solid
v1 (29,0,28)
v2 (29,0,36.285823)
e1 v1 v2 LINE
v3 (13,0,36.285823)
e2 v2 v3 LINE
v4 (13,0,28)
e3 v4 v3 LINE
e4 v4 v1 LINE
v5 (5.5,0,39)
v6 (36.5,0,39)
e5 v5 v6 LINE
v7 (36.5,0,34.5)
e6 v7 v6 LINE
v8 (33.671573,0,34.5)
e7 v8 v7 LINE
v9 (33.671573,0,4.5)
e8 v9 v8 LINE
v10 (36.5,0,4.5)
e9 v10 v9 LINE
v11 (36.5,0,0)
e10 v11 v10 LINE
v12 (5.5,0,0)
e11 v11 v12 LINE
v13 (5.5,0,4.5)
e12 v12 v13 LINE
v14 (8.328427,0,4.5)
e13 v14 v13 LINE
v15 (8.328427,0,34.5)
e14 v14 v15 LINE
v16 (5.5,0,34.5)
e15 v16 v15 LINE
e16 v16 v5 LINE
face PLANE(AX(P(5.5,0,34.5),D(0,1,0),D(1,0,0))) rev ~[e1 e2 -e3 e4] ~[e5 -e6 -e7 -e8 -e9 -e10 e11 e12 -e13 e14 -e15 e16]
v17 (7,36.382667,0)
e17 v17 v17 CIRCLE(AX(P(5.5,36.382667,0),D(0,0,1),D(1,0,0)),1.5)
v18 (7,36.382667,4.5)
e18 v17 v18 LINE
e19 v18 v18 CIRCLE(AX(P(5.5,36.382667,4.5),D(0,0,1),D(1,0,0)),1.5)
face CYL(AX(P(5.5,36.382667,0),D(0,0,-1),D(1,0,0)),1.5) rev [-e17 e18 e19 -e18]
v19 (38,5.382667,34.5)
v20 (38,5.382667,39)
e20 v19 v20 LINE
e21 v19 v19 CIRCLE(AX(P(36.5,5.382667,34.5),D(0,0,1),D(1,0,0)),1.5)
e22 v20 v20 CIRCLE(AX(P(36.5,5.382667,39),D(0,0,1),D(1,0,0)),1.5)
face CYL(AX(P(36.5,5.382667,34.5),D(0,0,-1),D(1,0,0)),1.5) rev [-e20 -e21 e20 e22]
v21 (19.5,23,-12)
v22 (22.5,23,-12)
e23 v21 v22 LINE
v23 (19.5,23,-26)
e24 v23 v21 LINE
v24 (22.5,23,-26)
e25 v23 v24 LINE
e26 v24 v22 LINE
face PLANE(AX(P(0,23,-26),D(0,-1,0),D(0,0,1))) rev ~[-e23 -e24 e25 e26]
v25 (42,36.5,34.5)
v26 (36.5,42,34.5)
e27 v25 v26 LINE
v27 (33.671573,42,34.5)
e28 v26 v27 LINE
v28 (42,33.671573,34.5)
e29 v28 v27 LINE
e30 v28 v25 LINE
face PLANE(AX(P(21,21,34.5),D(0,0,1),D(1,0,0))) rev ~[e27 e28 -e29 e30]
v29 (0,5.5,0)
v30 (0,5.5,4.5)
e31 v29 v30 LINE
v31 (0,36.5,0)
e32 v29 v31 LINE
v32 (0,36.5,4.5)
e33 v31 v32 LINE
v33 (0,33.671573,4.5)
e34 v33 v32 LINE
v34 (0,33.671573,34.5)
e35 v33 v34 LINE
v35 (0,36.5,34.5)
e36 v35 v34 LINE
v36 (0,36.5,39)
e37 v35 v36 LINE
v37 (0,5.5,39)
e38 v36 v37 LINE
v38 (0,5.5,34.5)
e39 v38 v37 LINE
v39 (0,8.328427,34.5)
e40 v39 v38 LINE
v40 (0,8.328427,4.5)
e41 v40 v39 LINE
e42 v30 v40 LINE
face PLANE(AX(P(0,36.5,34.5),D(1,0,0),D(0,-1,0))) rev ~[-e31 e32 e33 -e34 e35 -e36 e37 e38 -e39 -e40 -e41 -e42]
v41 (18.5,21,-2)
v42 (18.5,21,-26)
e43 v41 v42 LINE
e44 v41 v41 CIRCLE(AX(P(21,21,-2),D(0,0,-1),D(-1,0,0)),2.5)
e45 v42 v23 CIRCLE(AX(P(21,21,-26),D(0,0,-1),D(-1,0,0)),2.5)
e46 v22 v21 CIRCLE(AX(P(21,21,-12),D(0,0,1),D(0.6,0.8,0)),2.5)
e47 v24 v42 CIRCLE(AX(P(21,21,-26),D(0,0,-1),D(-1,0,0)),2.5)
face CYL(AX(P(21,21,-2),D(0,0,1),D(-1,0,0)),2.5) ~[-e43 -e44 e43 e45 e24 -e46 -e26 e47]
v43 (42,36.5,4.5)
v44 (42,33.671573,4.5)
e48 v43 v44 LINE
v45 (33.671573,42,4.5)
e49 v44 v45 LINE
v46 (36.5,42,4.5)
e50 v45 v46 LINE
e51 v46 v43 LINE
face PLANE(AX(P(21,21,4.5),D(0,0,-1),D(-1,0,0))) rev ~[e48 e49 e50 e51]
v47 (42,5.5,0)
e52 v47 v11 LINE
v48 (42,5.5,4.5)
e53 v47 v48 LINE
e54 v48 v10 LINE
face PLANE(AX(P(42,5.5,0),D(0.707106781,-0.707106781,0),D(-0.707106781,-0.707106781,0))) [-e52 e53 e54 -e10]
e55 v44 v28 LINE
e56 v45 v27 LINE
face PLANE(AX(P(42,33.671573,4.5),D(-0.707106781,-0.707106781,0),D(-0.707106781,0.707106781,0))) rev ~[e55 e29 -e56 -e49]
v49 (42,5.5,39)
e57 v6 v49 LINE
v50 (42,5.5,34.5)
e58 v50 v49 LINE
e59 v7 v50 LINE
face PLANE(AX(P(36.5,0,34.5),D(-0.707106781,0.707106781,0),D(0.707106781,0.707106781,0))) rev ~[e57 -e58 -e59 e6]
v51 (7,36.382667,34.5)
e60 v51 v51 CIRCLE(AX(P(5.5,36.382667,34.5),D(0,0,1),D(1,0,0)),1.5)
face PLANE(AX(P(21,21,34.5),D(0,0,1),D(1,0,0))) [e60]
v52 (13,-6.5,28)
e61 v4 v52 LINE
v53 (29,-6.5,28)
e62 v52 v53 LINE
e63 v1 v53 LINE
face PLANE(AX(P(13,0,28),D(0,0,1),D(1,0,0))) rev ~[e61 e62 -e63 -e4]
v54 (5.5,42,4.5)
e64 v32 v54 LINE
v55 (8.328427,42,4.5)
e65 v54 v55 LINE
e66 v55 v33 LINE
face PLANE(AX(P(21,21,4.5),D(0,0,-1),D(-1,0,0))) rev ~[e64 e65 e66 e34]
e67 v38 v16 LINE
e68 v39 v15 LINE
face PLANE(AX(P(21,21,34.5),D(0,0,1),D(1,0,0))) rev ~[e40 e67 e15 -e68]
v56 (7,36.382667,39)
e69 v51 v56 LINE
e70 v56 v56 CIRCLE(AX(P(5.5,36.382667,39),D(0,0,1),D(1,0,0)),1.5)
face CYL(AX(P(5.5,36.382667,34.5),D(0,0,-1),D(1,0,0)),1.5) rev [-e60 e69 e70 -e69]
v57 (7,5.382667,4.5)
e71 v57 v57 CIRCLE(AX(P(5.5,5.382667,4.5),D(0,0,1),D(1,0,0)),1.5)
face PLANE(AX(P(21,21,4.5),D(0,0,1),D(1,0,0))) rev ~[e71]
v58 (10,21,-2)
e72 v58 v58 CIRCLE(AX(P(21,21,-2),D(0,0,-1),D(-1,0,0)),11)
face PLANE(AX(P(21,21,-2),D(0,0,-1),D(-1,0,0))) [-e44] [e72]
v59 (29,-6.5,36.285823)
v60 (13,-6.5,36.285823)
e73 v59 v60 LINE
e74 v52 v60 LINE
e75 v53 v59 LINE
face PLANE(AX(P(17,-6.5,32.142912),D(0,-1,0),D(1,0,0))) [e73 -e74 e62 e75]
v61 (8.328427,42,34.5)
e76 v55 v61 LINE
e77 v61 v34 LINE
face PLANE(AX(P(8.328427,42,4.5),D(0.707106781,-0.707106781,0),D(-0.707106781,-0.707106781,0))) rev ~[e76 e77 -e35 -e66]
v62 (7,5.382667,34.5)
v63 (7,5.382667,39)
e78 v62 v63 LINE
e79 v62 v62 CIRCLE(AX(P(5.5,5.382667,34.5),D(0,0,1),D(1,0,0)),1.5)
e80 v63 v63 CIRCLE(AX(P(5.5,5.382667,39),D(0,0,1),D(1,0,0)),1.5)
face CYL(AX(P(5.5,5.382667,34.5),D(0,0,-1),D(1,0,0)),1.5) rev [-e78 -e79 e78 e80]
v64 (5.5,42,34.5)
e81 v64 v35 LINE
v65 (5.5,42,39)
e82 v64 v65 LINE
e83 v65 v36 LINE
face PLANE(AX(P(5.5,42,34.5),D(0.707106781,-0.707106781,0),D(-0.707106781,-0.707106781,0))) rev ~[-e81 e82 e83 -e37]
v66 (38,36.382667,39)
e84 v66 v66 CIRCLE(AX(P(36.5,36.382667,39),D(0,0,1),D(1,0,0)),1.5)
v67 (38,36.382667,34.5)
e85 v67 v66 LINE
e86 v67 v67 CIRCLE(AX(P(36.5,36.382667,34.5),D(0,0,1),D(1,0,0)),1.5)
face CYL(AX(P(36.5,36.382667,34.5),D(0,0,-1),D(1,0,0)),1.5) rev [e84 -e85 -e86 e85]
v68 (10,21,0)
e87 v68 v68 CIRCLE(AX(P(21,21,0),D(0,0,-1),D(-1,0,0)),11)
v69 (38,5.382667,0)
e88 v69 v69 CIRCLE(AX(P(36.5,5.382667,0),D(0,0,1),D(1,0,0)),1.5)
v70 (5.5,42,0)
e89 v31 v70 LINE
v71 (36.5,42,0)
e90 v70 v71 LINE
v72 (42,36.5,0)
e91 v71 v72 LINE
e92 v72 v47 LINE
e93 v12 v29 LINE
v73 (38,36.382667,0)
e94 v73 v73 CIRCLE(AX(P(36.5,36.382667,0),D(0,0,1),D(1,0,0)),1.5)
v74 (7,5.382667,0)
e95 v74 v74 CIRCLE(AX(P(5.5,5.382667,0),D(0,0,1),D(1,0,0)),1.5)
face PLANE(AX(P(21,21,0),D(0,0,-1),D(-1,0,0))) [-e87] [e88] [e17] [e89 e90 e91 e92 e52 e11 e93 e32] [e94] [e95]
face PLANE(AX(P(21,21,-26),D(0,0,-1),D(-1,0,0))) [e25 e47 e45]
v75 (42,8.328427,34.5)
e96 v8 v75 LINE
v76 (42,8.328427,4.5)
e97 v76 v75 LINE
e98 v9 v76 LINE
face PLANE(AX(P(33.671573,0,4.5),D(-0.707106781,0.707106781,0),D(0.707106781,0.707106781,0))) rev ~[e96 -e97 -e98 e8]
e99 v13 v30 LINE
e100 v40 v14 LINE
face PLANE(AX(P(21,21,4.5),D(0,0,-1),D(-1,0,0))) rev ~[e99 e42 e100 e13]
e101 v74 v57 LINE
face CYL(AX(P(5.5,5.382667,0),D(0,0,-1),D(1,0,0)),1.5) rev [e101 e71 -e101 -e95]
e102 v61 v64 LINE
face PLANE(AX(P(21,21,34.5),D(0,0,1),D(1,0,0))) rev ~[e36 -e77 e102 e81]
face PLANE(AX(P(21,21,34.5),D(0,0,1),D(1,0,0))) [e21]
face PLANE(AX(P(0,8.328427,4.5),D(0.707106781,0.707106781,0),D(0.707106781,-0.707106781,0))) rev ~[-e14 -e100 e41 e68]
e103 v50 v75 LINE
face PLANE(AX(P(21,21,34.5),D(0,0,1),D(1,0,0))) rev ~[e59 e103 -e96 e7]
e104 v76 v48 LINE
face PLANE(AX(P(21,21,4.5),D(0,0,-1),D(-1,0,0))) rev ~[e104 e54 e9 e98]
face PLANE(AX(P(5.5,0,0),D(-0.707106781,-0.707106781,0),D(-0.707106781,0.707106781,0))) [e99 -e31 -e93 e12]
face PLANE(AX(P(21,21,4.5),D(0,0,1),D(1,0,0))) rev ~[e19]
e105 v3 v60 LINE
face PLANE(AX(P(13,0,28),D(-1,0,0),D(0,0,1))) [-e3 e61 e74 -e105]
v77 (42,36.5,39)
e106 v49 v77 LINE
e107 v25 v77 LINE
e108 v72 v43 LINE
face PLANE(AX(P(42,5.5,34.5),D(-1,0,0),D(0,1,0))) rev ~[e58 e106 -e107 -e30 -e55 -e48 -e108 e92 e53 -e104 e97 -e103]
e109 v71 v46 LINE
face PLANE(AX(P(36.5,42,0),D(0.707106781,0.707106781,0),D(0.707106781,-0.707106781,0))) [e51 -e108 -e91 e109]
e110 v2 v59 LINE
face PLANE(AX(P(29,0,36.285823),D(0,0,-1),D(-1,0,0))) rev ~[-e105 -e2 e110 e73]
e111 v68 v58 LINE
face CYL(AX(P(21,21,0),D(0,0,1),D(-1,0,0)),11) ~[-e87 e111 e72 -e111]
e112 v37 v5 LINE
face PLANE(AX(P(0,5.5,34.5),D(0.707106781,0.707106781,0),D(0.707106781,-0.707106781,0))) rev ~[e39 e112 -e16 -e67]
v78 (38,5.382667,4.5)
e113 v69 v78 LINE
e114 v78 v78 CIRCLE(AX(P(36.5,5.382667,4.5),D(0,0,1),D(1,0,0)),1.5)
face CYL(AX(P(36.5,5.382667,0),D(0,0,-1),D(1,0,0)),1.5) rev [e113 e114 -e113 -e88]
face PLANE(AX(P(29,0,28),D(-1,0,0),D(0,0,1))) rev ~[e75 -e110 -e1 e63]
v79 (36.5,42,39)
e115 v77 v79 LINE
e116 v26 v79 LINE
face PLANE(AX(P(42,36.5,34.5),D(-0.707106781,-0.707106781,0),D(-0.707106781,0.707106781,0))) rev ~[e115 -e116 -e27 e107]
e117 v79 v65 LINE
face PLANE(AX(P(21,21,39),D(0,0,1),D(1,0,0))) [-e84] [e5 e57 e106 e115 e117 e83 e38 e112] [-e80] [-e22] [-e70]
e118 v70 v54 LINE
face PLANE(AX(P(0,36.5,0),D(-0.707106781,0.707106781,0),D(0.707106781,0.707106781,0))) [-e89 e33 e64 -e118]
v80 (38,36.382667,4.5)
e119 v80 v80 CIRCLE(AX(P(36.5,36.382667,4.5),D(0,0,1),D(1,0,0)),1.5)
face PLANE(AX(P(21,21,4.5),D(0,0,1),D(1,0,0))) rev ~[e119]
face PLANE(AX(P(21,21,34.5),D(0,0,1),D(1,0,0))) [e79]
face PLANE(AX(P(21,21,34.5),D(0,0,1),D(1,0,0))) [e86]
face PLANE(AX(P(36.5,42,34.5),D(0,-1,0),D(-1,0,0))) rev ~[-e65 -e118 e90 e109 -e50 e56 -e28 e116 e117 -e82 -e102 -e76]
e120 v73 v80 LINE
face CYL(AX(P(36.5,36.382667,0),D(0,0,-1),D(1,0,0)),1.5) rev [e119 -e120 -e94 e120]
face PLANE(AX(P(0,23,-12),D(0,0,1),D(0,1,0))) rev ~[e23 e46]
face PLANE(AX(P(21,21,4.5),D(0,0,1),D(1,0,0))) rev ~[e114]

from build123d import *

# Parameters (mm, degrees)
SKETCH1_R           = 1.5
BOSS_EXTRUDE1_DEPTH = 4.5
BOSS_EXTRUDE2_DEPTH = 30
SKETCH3_R           = 1.5
BOSS_EXTRUDE3_DEPTH = 4.5
SKETCH5_R           = 11
BOSS_EXTRUDE4_DEPTH = 2
SKETCH6_R           = 2.5
BOSS_EXTRUDE5_DEPTH = 24
SKETCH7_W           = 14
SKETCH7_H           = 0.5
CUT_EXTRUDE2_DEPTH  = 72.056315694
SKETCH8_W           = 8
SKETCH8_H           = 8.285823085
BOSS_EXTRUDE6_DEPTH = 6.5


with BuildPart() as part:
    # Sketch1 → Boss-Extrude1 (new body)
    with BuildSketch(Plane.XY):
        Polygon((0, 36.5), (5.5, 42), (36.5, 42), (42, 36.5), (42, 5.5), (36.5, 0), (5.5, 0), (0, 5.5), align=None)
        with Locations((5.5, 36.382666597)):
            Circle(SKETCH1_R, mode=Mode.SUBTRACT)
        with Locations((36.5, 36.382666597)):
            Circle(SKETCH1_R, mode=Mode.SUBTRACT)
        with Locations((36.5, 5.382666597)):
            Circle(SKETCH1_R, mode=Mode.SUBTRACT)
        with Locations((5.5, 5.382666597)):
            Circle(SKETCH1_R, mode=Mode.SUBTRACT)
    extrude(amount=BOSS_EXTRUDE1_DEPTH)

    # Sketch2 → Boss-Extrude2 (add)
    with BuildSketch(Plane.XY.offset(4.5)):
        Polygon((8.328427125, 42), (0, 33.671572875), (0, 8.328427125), (8.328427125, 0), (33.671572875, 0), (42, 8.328427125), (42, 33.671572875), (33.671572875, 42), align=None)
    extrude(amount=BOSS_EXTRUDE2_DEPTH)

    # Sketch3 → Boss-Extrude3 (add)
    with BuildSketch(Plane.XY.offset(34.5)):
        Polygon((36.5, 42), (5.5, 42), (0, 36.5), (0, 5.5), (5.5, 0), (36.5, 0), (42, 5.5), (42, 36.5), align=None)
        with Locations((5.5, 5.382666597)):
            Circle(SKETCH3_R, mode=Mode.SUBTRACT)
        with Locations((36.5, 5.382666597)):
            Circle(SKETCH3_R, mode=Mode.SUBTRACT)
        with Locations((5.5, 36.382666597)):
            Circle(SKETCH3_R, mode=Mode.SUBTRACT)
        with Locations((36.5, 36.382666597)):
            Circle(SKETCH3_R, mode=Mode.SUBTRACT)
    extrude(amount=BOSS_EXTRUDE3_DEPTH)

    # Sketch5 → Boss-Extrude4 (add)
    with BuildSketch(Plane(origin=(0, 0, 0), x_dir=(-1, 0, 0), z_dir=(0, 0, -1))):
        with Locations((-21, 21)):
            Circle(SKETCH5_R)
    extrude(amount=BOSS_EXTRUDE4_DEPTH)

    # Sketch6 → Boss-Extrude5 (add)
    with BuildSketch(Plane(origin=(0, 0, -2), x_dir=(-1, 0, 0), z_dir=(0, 0, -1))):
        with Locations((-21, 21)):
            Circle(SKETCH6_R)
    extrude(amount=BOSS_EXTRUDE5_DEPTH)

    # Sketch7 → Cut-Extrude2 (cut, through all)
    with BuildSketch(Plane.ZY):
        with Locations((-19, 23.25)):
            Rectangle(SKETCH7_W, SKETCH7_H)
    extrude(amount=-CUT_EXTRUDE2_DEPTH, mode=Mode.SUBTRACT)

    # Sketch8 → Boss-Extrude6 (add)
    with BuildSketch(Plane.XZ):
        with Locations((17, 32.142911543)):
            Rectangle(SKETCH8_W, SKETCH8_H)
        with Locations((25, 32.142911543)):
            Rectangle(SKETCH8_W, SKETCH8_H)
    extrude(amount=BOSS_EXTRUDE6_DEPTH)


solid = part.part
